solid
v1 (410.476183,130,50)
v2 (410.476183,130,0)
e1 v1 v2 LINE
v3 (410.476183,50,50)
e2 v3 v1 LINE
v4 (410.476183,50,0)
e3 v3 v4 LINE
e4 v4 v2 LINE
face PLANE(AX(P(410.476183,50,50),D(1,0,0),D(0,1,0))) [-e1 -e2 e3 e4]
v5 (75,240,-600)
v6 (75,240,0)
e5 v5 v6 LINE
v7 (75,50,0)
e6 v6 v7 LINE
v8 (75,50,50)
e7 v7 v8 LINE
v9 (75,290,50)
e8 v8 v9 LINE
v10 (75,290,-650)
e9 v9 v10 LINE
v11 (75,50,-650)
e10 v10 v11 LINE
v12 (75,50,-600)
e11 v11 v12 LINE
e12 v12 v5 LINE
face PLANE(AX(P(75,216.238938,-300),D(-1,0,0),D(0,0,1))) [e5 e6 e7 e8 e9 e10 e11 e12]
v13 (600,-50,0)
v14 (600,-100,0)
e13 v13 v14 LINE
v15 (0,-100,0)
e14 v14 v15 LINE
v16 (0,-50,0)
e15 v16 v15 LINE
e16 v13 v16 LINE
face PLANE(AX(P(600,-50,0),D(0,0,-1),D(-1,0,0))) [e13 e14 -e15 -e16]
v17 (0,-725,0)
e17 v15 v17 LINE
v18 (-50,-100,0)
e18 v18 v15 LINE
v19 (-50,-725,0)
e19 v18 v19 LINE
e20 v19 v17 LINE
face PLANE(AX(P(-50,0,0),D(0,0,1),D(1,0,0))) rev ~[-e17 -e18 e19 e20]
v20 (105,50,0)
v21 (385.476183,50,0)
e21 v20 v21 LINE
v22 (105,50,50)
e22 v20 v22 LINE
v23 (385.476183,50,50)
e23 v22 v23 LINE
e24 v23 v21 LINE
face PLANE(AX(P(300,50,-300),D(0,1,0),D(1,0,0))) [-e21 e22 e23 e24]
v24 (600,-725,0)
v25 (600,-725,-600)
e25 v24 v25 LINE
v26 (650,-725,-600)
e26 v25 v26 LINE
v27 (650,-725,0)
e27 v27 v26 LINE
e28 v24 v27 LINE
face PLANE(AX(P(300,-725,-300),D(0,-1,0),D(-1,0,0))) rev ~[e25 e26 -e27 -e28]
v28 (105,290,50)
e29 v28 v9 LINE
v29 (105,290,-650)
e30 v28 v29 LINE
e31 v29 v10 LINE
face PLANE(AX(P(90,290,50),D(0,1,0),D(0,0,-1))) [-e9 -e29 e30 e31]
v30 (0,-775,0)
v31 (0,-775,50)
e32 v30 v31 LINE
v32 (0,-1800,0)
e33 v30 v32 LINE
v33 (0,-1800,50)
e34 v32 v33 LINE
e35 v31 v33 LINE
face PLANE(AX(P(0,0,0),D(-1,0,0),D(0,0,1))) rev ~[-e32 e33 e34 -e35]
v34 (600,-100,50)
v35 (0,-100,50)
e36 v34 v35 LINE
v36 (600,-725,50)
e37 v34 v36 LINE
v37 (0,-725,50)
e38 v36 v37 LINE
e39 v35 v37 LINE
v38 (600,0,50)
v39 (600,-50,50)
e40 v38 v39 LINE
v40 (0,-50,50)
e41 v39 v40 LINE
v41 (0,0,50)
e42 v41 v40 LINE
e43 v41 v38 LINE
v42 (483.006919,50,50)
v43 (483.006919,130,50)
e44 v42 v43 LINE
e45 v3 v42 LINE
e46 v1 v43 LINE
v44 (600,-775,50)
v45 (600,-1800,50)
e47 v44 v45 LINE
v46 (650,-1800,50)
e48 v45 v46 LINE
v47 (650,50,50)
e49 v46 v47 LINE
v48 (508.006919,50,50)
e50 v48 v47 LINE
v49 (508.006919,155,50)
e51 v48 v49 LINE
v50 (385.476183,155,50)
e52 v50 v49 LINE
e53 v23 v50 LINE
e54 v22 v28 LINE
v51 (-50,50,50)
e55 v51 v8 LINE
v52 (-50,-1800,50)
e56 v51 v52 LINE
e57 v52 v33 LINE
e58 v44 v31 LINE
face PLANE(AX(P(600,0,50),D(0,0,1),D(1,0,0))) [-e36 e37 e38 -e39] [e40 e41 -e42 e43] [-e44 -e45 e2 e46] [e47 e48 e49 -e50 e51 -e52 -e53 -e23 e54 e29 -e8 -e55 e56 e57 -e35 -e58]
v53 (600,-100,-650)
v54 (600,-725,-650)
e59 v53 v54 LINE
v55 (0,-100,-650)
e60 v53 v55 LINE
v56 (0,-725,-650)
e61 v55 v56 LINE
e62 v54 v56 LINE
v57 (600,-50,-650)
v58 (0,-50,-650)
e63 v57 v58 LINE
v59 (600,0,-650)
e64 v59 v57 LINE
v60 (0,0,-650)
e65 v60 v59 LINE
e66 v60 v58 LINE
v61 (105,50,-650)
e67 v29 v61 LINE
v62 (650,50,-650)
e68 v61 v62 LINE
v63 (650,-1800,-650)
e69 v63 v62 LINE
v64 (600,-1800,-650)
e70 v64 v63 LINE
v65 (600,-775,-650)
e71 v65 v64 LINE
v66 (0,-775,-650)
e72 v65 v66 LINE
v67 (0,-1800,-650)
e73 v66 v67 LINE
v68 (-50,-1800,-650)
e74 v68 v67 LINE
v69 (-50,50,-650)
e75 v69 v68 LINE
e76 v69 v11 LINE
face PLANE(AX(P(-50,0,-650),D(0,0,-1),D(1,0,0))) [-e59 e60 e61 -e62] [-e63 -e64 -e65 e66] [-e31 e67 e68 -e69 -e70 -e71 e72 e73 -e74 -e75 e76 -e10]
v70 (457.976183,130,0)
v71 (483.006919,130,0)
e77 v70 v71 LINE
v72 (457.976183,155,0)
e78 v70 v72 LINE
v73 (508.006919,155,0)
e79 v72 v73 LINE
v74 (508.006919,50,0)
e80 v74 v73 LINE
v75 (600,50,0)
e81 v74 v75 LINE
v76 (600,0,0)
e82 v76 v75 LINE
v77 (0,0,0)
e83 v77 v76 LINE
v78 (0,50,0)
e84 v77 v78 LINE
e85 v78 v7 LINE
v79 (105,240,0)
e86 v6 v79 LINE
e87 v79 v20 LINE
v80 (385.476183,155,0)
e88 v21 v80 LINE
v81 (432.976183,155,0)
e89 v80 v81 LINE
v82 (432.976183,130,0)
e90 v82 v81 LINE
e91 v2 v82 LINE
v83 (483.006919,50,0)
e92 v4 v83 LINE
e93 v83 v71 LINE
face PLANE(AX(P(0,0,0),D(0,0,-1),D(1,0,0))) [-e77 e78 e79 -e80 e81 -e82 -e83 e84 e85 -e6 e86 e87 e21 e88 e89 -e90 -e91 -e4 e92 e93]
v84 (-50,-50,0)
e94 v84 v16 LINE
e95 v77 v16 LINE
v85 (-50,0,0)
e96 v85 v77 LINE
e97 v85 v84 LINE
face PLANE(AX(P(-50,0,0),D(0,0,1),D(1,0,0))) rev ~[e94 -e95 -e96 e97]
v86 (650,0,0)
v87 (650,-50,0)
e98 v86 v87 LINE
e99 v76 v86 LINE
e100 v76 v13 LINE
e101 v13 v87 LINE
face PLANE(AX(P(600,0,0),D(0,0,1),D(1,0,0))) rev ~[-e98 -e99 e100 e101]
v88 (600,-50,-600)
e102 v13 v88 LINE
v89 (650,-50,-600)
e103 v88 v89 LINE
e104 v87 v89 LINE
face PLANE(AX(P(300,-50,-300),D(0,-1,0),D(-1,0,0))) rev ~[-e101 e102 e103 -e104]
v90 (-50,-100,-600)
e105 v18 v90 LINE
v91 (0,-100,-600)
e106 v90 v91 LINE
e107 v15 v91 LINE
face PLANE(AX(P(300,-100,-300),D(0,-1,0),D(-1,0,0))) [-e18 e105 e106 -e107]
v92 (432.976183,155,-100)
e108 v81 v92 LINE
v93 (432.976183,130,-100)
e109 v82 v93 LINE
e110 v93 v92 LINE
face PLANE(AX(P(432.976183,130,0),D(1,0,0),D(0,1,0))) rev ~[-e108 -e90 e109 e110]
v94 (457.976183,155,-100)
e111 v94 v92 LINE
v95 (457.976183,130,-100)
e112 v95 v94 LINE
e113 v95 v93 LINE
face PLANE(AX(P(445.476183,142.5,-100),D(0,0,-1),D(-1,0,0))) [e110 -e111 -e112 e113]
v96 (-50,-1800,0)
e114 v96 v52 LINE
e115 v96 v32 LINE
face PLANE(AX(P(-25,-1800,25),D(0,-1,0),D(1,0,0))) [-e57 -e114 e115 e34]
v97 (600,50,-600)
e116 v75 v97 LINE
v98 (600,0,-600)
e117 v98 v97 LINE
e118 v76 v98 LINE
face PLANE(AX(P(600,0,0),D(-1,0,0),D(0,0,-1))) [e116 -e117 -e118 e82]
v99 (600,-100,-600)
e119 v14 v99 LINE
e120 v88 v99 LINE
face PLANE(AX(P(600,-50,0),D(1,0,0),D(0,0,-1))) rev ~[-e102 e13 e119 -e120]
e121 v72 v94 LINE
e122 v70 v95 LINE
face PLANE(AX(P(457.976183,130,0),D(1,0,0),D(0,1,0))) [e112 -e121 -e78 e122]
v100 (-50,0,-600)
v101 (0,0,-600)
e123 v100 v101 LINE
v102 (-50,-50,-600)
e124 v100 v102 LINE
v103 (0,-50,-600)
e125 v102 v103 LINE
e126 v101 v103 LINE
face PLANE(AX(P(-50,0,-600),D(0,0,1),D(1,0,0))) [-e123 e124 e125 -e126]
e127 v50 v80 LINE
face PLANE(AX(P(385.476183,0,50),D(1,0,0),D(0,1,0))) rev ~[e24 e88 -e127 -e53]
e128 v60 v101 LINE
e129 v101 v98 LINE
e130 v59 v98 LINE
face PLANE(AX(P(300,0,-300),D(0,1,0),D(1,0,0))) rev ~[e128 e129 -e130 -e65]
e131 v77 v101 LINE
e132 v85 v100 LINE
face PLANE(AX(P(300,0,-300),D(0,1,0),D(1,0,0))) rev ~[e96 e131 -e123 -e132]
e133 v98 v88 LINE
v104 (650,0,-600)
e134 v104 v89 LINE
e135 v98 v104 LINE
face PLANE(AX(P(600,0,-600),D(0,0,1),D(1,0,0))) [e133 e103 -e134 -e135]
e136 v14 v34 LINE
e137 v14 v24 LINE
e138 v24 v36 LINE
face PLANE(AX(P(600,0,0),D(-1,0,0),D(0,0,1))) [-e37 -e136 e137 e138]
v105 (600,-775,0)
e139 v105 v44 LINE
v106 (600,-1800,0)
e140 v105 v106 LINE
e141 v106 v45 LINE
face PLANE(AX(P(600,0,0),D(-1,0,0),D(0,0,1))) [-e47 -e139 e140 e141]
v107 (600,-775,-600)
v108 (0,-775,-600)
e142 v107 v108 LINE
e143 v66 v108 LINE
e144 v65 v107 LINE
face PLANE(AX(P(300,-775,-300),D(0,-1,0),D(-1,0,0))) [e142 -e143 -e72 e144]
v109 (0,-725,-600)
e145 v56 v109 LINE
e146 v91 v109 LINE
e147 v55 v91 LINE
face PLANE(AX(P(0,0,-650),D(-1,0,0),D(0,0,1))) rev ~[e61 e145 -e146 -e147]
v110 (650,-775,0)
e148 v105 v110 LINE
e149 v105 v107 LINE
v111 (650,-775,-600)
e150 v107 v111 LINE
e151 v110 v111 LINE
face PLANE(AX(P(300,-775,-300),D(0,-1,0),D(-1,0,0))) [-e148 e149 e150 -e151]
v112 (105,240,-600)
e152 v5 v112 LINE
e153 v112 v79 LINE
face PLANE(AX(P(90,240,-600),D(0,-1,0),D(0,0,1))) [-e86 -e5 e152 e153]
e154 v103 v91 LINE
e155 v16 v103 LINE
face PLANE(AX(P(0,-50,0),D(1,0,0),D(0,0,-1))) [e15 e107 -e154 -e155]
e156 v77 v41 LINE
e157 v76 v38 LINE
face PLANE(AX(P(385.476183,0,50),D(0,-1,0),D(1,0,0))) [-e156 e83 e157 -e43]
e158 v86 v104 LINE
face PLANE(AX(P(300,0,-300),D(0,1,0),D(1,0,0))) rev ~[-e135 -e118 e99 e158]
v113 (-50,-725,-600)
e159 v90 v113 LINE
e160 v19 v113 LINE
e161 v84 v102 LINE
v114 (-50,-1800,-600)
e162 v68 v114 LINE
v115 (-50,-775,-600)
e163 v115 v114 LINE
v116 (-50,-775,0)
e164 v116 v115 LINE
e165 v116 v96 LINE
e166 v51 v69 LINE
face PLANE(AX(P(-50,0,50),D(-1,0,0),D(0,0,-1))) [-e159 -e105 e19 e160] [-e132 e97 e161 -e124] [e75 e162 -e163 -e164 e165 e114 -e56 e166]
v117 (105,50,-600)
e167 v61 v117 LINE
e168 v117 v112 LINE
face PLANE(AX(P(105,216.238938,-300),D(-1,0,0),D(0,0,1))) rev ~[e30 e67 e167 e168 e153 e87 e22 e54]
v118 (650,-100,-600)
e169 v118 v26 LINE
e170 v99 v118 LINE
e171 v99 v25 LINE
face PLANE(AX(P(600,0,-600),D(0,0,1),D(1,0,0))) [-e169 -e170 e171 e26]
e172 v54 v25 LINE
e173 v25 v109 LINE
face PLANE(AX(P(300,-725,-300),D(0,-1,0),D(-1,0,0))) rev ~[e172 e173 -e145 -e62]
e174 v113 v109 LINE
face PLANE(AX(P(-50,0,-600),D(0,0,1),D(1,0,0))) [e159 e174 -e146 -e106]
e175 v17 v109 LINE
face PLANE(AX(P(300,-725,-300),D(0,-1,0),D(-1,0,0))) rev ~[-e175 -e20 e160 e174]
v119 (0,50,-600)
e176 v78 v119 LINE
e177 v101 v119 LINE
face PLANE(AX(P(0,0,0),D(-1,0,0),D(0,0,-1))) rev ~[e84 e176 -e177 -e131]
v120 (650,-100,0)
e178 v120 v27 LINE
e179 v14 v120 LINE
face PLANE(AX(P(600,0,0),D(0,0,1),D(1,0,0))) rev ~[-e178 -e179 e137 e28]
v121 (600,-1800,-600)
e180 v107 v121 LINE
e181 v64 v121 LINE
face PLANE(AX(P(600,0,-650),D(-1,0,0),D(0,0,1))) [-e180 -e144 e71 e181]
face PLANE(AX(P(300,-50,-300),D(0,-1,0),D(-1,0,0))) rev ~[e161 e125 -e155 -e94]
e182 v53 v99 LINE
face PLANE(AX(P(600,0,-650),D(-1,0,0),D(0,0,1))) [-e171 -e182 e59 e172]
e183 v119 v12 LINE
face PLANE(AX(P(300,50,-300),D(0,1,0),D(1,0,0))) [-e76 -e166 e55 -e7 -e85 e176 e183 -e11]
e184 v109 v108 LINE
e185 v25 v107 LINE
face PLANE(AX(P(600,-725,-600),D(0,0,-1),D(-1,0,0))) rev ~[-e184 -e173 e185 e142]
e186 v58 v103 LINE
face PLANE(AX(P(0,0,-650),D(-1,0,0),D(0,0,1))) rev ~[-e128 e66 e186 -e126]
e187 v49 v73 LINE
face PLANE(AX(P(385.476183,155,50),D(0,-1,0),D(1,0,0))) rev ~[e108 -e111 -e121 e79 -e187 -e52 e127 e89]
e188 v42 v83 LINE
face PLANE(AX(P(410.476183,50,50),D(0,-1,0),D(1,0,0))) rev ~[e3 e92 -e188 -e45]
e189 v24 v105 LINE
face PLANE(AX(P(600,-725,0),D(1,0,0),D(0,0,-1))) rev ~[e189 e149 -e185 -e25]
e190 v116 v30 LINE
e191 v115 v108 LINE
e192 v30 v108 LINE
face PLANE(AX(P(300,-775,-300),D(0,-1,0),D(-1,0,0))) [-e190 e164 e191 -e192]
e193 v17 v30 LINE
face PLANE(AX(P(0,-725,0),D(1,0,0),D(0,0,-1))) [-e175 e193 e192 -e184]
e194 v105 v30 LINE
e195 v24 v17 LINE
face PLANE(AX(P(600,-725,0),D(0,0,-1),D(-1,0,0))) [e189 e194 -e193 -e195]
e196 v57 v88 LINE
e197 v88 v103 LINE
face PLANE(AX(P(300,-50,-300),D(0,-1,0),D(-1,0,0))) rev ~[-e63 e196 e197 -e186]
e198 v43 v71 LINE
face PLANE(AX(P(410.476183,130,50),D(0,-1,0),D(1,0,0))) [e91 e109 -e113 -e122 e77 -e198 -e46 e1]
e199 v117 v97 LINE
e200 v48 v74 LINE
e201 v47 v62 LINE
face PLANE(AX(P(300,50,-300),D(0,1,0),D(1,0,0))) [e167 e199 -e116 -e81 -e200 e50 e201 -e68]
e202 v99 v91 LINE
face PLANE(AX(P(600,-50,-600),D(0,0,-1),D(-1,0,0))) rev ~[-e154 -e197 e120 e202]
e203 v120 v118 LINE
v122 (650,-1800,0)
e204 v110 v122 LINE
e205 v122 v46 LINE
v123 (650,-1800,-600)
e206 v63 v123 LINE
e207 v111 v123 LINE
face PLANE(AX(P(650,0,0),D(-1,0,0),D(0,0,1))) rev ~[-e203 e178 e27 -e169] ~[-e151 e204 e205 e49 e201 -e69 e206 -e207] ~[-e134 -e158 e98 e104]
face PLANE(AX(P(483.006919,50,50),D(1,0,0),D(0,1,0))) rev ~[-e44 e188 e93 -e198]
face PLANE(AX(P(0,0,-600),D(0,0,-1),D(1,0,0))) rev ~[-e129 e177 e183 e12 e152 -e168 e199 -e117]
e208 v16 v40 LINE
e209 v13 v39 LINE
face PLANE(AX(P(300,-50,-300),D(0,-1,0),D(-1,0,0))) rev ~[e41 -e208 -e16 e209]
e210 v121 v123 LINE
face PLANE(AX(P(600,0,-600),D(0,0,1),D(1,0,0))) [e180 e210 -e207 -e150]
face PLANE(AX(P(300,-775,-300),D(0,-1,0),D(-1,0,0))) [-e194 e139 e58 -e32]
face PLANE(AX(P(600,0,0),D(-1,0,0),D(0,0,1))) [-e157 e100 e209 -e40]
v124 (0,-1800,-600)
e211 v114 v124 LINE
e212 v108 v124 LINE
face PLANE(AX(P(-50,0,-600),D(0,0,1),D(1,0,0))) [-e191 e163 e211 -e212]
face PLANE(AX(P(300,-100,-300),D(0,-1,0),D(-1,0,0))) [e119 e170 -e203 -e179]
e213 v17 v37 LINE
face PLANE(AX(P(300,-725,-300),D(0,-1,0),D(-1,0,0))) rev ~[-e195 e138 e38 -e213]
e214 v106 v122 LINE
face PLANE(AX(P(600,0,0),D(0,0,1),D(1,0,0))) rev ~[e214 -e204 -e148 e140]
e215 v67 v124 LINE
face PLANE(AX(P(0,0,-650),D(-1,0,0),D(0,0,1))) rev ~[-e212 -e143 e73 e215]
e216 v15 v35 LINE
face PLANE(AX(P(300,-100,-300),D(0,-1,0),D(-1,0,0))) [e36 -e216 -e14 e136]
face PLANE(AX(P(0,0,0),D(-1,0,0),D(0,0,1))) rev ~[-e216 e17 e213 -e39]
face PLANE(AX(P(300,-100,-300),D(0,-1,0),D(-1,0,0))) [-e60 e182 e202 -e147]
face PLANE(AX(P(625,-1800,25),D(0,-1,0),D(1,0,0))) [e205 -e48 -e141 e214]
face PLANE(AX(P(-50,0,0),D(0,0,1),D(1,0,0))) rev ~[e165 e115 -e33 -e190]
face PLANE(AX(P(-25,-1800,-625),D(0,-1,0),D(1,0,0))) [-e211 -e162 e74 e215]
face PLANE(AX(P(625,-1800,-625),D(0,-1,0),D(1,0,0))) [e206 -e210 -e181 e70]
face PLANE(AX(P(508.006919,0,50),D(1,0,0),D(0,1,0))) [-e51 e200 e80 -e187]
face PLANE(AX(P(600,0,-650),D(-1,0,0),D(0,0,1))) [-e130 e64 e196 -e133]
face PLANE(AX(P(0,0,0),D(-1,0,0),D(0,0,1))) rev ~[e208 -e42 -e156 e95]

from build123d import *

# Parameters (mm, degrees)
CROQUIS1_W              = 700
CROQUIS1_H              = 700
CROQUIS1_W_2            = 600
CROQUIS1_H_2            = 600
SALIENTE_EXTRUIR1_DEPTH = 50
CROQUIS2_W              = 50
CROQUIS2_H              = 50
SALIENTE_EXTRUIR2_DEPTH = 1800
CROQUIS3_W              = 700
CROQUIS3_H              = 700
CROQUIS3_W_2            = 600
CROQUIS3_H_2            = 600
SALIENTE_EXTRUIR3_DEPTH = 50
CROQUIS4_W              = 700
CROQUIS4_H              = 700
CROQUIS4_W_2            = 600
CROQUIS4_H_2            = 600
SALIENTE_EXTRUIR4_DEPTH = 50
CROQUIS6_W              = 122.530736156
CROQUIS6_H              = 155
CROQUIS6_W_2            = 72.530736156
CROQUIS6_H_2            = 80
SALIENTE_EXTRUIR5_DEPTH = 50
CROQUIS7_W              = 25
CROQUIS7_H              = 25
SALIENTE_EXTRUIR6_DEPTH = 100
SALIENTE_EXTRUIR7_DEPTH = 15


with BuildPart() as part:
    # Croquis1 → Saliente-Extruir1 (new body)
    with BuildSketch(Plane(origin=(0, 0, 0), x_dir=(1, 0, 0), z_dir=(0, 1, 0))):
        with Locations((300, 300)):
            Rectangle(CROQUIS1_W, CROQUIS1_H)
        with Locations((300, 300)):
            Rectangle(CROQUIS1_W_2, CROQUIS1_H_2, mode=Mode.SUBTRACT)
    extrude(amount=SALIENTE_EXTRUIR1_DEPTH)

    # Croquis2 → Saliente-Extruir2 (add)
    with BuildSketch(Plane.XZ):
        with Locations((625, 25)):
            Rectangle(CROQUIS2_W, CROQUIS2_H)
        with Locations((-25, 25)):
            Rectangle(CROQUIS2_W, CROQUIS2_H)
        with Locations((-25, -625)):
            Rectangle(CROQUIS2_W, CROQUIS2_H)
        with Locations((625, -625)):
            Rectangle(CROQUIS2_W, CROQUIS2_H)
    extrude(amount=SALIENTE_EXTRUIR2_DEPTH)

    # Croquis3 → Saliente-Extruir3 (add)
    with BuildSketch(Plane(origin=(0, -725, 0), x_dir=(-1, 0, 0), z_dir=(0, -1, 0))):
        with Locations((-300, 300)):
            Rectangle(CROQUIS3_W, CROQUIS3_H)
        with Locations((-300, 300)):
            Rectangle(CROQUIS3_W_2, CROQUIS3_H_2, mode=Mode.SUBTRACT)
    extrude(amount=SALIENTE_EXTRUIR3_DEPTH)

    # Croquis4 → Saliente-Extruir4 (add)
    with BuildSketch(Plane(origin=(0, -50, 0), x_dir=(-1, 0, 0), z_dir=(0, -1, 0))):
        with Locations((-300, 300)):
            Rectangle(CROQUIS4_W, CROQUIS4_H)
        with Locations((-300, 300)):
            Rectangle(CROQUIS4_W_2, CROQUIS4_H_2, mode=Mode.SUBTRACT)
    extrude(amount=SALIENTE_EXTRUIR4_DEPTH)

    # Croquis6 → Saliente-Extruir5 (add)
    with BuildSketch(Plane.XY.offset(50)):
        with Locations((446.741550776, 77.5)):
            Rectangle(CROQUIS6_W, CROQUIS6_H)
        with Locations((446.741550776, 90)):
            Rectangle(CROQUIS6_W_2, CROQUIS6_H_2, mode=Mode.SUBTRACT)
    extrude(amount=-SALIENTE_EXTRUIR5_DEPTH)

    # Croquis7 → Saliente-Extruir6 (add)
    with BuildSketch(Plane(origin=(0, 0, 0), x_dir=(-1, 0, 0), z_dir=(0, 0, -1))):
        with Locations((-445.476182698, 142.5)):
            Rectangle(CROQUIS7_W, CROQUIS7_H)
    extrude(amount=SALIENTE_EXTRUIR6_DEPTH)

    # Croquis9 → Saliente-Extruir7 (add, symmetric)
    with BuildSketch(Plane.ZY.offset(-90)):
        Polygon((0, 50), (50, 50), (50, 290), (-650, 290), (-650, 50), (-600, 50), (-600, 240), (0, 240), align=None)
    extrude(amount=SALIENTE_EXTRUIR7_DEPTH, both=True)


solid = part.part
